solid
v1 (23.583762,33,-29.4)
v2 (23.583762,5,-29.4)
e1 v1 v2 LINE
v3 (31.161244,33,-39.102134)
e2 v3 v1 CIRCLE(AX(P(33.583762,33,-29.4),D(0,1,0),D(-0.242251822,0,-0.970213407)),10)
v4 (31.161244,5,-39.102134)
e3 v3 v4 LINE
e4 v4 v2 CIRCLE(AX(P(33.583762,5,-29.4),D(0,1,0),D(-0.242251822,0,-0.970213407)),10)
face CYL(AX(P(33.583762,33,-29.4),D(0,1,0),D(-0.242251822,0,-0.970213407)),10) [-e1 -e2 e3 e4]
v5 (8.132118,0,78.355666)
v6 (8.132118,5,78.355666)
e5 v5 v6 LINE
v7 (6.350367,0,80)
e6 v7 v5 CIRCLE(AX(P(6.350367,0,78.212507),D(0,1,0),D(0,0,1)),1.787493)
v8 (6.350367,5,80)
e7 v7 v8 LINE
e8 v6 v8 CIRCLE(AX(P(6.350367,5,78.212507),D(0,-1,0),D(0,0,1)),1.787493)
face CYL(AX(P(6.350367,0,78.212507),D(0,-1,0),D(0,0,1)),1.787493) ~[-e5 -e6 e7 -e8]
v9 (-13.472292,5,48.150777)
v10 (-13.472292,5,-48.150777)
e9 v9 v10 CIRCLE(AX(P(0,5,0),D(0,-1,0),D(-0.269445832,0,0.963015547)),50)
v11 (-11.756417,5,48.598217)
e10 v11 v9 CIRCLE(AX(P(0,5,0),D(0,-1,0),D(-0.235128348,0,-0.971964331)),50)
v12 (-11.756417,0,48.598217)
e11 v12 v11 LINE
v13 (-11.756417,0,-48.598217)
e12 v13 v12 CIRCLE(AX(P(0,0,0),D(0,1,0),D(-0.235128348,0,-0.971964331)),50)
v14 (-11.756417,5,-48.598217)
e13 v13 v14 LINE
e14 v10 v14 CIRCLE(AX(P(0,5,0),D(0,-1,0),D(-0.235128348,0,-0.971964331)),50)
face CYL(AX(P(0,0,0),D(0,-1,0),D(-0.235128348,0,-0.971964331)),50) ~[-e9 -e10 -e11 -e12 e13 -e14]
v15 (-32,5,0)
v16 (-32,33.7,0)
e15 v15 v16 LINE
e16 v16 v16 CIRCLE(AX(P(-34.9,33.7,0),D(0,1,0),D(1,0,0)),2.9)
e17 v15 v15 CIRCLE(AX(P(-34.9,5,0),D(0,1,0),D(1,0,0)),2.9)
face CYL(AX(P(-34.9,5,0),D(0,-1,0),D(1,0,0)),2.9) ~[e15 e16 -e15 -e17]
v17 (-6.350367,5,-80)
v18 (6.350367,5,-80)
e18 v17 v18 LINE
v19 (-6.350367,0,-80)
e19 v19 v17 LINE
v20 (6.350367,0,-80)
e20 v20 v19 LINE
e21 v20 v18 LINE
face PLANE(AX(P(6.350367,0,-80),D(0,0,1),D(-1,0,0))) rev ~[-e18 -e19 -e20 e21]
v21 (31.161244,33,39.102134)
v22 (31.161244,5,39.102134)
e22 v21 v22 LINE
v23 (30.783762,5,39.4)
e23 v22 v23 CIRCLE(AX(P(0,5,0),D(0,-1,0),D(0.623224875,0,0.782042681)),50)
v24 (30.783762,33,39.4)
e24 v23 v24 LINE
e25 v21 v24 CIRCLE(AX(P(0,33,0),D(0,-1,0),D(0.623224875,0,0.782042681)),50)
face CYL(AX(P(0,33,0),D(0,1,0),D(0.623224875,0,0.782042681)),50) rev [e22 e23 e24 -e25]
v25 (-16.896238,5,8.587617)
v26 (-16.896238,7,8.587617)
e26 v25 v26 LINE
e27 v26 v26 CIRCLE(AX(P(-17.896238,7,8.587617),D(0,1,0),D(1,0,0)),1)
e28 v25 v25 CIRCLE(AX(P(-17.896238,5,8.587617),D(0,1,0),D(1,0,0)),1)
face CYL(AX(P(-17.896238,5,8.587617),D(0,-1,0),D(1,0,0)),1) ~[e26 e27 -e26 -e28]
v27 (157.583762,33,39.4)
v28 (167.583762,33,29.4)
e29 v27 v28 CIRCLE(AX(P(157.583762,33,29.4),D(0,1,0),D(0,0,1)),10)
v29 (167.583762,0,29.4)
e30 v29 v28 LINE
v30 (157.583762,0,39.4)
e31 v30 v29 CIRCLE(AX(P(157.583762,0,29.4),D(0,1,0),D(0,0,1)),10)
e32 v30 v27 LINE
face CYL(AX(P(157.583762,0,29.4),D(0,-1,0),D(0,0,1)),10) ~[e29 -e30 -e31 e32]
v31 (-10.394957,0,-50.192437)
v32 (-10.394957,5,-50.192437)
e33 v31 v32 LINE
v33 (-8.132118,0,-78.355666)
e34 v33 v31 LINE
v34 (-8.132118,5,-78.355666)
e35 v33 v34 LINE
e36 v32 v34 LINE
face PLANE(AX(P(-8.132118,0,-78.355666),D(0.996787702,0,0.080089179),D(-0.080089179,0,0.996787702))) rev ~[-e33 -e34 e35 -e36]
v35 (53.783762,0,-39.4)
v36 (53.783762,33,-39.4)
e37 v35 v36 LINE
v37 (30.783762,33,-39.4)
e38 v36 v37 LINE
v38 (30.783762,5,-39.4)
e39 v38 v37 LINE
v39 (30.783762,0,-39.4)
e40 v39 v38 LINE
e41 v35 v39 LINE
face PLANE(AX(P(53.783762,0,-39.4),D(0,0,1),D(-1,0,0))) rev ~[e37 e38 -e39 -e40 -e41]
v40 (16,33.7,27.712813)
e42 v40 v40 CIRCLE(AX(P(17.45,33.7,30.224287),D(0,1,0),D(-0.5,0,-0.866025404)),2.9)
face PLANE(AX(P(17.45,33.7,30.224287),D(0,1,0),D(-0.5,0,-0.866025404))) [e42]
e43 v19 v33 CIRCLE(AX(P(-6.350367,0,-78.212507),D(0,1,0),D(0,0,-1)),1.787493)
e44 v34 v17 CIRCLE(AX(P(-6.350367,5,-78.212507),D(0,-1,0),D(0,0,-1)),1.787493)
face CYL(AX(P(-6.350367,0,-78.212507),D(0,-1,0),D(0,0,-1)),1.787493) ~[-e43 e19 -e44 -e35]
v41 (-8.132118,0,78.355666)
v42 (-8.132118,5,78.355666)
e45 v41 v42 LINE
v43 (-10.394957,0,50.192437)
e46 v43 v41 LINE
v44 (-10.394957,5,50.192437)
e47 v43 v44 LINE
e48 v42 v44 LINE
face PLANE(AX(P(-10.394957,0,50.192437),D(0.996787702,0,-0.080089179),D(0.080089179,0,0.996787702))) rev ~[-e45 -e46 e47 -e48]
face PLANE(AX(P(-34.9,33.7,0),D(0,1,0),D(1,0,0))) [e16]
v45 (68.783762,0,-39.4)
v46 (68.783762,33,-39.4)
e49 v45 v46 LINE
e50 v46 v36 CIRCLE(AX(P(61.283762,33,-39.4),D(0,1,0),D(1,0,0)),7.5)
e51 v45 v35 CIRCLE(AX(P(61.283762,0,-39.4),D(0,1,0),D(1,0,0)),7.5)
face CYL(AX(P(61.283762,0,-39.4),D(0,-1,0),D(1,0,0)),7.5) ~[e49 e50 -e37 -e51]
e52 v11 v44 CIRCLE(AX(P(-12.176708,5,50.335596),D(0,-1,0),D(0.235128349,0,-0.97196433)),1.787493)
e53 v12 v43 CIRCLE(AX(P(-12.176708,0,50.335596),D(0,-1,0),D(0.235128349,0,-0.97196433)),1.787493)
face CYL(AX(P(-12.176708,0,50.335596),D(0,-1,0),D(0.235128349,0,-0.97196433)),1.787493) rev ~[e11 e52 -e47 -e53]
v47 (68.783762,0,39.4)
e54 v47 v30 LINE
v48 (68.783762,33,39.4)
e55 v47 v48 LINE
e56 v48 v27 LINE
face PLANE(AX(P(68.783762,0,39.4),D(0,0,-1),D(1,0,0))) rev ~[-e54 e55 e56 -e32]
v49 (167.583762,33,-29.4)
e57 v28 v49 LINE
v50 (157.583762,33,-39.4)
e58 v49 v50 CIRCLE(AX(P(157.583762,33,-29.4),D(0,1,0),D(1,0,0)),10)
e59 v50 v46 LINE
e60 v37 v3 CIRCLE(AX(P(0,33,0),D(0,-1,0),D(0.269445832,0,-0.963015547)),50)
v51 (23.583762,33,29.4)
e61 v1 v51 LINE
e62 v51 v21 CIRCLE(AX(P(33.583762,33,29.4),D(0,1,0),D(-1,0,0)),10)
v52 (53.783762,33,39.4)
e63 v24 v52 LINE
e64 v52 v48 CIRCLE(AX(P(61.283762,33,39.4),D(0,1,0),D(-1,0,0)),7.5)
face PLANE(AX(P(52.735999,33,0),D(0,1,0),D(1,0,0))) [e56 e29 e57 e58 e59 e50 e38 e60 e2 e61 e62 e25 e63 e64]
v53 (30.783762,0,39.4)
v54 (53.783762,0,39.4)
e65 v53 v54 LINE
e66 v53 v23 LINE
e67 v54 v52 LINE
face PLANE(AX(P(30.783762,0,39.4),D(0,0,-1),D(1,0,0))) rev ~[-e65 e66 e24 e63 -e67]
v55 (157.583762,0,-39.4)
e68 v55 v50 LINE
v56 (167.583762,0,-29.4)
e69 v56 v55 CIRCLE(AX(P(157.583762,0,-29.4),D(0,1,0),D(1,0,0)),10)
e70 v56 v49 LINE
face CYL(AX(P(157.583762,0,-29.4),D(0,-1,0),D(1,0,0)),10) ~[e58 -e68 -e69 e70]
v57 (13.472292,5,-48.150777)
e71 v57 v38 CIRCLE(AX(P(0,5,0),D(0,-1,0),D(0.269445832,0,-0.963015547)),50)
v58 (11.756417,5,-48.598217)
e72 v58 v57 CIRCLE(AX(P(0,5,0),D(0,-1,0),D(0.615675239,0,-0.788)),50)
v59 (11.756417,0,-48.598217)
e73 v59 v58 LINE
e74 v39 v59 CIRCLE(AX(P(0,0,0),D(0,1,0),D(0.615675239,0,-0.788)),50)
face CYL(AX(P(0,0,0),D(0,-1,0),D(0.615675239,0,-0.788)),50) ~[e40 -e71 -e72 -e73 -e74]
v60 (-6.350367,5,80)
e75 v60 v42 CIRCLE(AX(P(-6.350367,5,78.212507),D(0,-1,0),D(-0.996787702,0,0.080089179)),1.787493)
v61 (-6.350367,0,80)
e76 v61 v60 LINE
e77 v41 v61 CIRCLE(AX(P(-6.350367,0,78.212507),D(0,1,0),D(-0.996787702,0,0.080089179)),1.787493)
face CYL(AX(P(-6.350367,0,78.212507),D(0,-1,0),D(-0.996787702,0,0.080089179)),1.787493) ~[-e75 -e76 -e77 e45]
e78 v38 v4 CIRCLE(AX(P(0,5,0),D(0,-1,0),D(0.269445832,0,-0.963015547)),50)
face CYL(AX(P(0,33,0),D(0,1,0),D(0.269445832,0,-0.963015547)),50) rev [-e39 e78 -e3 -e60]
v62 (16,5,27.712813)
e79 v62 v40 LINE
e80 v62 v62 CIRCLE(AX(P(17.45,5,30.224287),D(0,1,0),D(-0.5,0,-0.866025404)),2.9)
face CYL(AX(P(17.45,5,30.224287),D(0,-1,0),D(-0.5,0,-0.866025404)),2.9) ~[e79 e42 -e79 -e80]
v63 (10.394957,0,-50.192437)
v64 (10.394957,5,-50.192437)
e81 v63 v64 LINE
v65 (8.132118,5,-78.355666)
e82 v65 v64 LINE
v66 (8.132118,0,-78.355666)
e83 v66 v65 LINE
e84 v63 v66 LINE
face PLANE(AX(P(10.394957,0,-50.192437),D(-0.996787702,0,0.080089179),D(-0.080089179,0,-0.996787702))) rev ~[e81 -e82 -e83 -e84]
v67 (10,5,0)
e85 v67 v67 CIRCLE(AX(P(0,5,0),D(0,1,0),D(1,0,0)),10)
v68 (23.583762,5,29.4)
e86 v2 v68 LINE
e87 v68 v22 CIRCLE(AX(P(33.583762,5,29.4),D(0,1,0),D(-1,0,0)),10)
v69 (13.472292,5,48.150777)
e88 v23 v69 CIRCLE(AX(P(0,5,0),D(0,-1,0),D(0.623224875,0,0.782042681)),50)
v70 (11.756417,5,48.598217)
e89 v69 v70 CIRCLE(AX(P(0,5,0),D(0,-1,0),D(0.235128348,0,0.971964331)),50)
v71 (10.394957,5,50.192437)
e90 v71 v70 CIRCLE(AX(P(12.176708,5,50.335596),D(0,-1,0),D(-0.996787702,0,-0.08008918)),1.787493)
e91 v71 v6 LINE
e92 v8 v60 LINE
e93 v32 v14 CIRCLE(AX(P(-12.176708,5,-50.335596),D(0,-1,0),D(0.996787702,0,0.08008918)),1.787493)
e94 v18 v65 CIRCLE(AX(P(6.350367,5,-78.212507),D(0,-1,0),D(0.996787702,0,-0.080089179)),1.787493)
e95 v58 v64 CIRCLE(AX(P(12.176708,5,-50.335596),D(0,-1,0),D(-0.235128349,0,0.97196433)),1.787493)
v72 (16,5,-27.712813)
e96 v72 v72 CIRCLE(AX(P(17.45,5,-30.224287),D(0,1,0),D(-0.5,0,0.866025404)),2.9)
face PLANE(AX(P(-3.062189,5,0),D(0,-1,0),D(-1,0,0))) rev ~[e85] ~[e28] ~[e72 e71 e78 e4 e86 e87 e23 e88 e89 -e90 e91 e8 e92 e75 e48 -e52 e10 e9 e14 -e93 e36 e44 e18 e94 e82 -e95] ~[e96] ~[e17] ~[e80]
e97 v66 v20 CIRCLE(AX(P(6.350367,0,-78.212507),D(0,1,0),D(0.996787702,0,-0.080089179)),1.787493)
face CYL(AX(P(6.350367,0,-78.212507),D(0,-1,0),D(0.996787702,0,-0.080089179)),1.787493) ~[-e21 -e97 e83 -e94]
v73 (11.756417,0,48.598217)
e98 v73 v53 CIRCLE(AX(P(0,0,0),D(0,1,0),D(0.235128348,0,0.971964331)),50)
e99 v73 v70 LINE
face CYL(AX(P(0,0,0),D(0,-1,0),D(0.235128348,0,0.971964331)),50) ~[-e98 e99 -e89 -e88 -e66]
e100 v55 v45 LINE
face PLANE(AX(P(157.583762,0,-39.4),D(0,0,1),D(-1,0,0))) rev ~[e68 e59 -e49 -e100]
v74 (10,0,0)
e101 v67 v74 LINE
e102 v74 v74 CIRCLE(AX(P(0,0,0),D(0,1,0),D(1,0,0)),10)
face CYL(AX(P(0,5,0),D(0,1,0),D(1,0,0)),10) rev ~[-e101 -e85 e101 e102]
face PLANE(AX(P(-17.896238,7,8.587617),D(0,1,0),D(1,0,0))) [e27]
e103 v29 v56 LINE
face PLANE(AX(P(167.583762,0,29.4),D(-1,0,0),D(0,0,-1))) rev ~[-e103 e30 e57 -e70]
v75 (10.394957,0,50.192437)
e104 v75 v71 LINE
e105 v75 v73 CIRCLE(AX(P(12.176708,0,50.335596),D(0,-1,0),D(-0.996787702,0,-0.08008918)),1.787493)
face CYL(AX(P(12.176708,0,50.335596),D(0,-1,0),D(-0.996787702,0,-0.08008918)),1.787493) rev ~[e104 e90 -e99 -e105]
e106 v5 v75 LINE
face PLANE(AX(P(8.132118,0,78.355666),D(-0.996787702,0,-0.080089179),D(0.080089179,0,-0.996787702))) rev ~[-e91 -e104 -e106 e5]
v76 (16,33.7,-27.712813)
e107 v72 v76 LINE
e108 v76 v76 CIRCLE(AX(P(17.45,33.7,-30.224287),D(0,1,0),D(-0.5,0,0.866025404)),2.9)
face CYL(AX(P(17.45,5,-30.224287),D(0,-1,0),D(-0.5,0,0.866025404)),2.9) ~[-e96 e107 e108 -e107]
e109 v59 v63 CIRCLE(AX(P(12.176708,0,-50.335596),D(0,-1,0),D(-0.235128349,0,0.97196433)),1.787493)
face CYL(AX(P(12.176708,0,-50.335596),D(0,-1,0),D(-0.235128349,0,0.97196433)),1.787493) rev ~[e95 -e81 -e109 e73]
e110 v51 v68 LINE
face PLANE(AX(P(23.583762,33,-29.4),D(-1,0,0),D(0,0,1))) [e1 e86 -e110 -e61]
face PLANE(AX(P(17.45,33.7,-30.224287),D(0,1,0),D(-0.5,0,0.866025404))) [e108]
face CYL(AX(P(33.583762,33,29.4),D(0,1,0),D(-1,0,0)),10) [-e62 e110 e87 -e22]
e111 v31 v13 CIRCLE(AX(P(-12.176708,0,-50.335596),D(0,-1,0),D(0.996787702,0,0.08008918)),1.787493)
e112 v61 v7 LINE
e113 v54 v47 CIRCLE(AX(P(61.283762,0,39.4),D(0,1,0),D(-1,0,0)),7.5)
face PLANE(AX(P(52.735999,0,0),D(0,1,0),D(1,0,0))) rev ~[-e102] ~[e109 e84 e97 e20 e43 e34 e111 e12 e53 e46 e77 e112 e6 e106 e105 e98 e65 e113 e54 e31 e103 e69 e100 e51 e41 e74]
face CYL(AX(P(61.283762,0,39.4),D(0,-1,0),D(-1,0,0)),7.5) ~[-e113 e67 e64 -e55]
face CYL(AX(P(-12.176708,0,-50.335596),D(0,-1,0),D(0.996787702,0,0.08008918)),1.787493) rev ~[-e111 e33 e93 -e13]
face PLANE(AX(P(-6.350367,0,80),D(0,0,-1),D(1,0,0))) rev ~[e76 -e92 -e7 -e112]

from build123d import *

# Parameters (mm, degrees)
BOSS_EXTRUDE2_DEPTH = 33
CUT_EXTRUDE1_DEPTH  = 28
SKETCH3_R           = 10
CUT_EXTRUDE2_DEPTH  = 6
SKETCH5_R           = 2.9
BOSS_EXTRUDE3_DEPTH = 28.7
CIRPATTERN1_COUNT   = 3
SKETCH6_R           = 1
BOSS_EXTRUDE4_DEPTH = 2


with BuildPart() as part:
    # Sketch1 → Boss-Extrude2 (new body)
    with BuildSketch(Plane(origin=(0, 0, 0), x_dir=(1, 0, 0), z_dir=(0, 1, 0))):
        with BuildLine():
            Line((68.783761953, -39.4), (157.583761953, -39.4))
            ThreePointArc((157.583761953, -39.4), (164.654829765, -36.471067812), (167.583761953, -29.4))
            Line((167.583761953, -29.4), (167.583761953, 29.4))
            ThreePointArc((167.583761953, 29.4), (164.654829765, 36.471067812), (157.583761953, 39.4))
            Line((157.583761953, 39.4), (68.783761953, 39.4))
            ThreePointArc((68.783761953, 39.4), (61.283761953, 46.9), (53.783761953, 39.4))
            Line((53.783761953, 39.4), (30.783761953, 39.4))
            ThreePointArc((30.783761953, 39.4), (21.761629353, 45.015902611), (11.75641742, 48.598216525))
            ThreePointArc((11.75641742, 48.598216525), (10.817431593, 49.174777372), (10.394956543, 50.192437248))
            Line((10.394956543, 50.192437248), (8.132117785, 78.35566571))
            ThreePointArc((8.132117785, 78.35566571), (7.562644675, 79.526094921), (6.350366597, 80))
            Line((6.350366597, 80), (-6.350366597, 80))
            ThreePointArc((-6.350366597, 80), (-7.562644675, 79.526094921), (-8.132117785, 78.35566571))
            Line((-8.132117785, 78.35566571), (-10.394956543, 50.192437248))
            ThreePointArc((-10.394956543, 50.192437248), (-10.817431593, 49.174777372), (-11.75641742, 48.598216525))
            ThreePointArc((-11.75641742, 48.598216525), (-50, 0), (-11.75641742, -48.598216525))
            ThreePointArc((-11.75641742, -48.598216525), (-10.817431593, -49.174777372), (-10.394956543, -50.192437248))
            Line((-10.394956543, -50.192437248), (-8.132117785, -78.35566571))
            ThreePointArc((-8.132117785, -78.35566571), (-7.562644675, -79.526094921), (-6.350366597, -80))
            Line((-6.350366597, -80), (6.350366597, -80))
            ThreePointArc((6.350366597, -80), (7.562644675, -79.526094921), (8.132117785, -78.35566571))
            Line((8.132117785, -78.35566571), (10.394956543, -50.192437248))
            ThreePointArc((10.394956543, -50.192437248), (10.817431593, -49.174777372), (11.75641742, -48.598216525))
            ThreePointArc((11.75641742, -48.598216525), (21.761629353, -45.015902611), (30.783761953, -39.4))
            Line((30.783761953, -39.4), (53.783761953, -39.4))
            ThreePointArc((53.783761953, -39.4), (61.283761953, -46.9), (68.783761953, -39.4))
        make_face()
    extrude(amount=BOSS_EXTRUDE2_DEPTH)

    # Sketch2 → Cut-Extrude1 (cut)
    with BuildSketch(Plane(origin=(0, 33, 0), x_dir=(1, 0, 0), z_dir=(0, 1, 0))):
        with BuildLine():
            Line((23.583761953, 29.4), (23.583761953, -29.4))
            ThreePointArc((23.583761953, -29.4), (25.702607781, -35.555274886), (31.161243737, -39.102134069))
            ThreePointArc((31.161243737, -39.102134069), (22.770762082, -44.513957297), (13.472291615, -48.150777342))
            Line((13.472291615, -48.150777342), (13.472291615, -85.250601705))
            Line((13.472291615, -85.250601705), (-13.472291615, -85.250601705))
            Line((-13.472291615, -85.250601705), (-13.472291615, -48.150777342))
            ThreePointArc((-13.472291615, -48.150777342), (-50, 0), (-13.472291615, 48.150777342))
            Line((-13.472291615, 48.150777342), (-13.472291615, 85.250601705))
            Line((-13.472291615, 85.250601705), (13.472291615, 85.250601705))
            Line((13.472291615, 85.250601705), (13.472291615, 48.150777342))
            ThreePointArc((13.472291615, 48.150777342), (22.770762082, 44.513957297), (31.161243737, 39.102134069))
            ThreePointArc((31.161243737, 39.102134069), (25.702607781, 35.555274886), (23.583761953, 29.4))
        make_face()
    extrude(amount=-CUT_EXTRUDE1_DEPTH, mode=Mode.SUBTRACT)

    # Sketch3 → Cut-Extrude2 (cut, through all)
    with BuildSketch(Plane(origin=(0, 5, 0), x_dir=(1, 0, 0), z_dir=(0, 1, 0))):
        Circle(SKETCH3_R)
    extrude(amount=-CUT_EXTRUDE2_DEPTH, mode=Mode.SUBTRACT)

    # Sketch5 → Boss-Extrude3 (add)
    with BuildSketch(Plane(origin=(0, 5, 0), x_dir=(1, 0, 0), z_dir=(0, 1, 0))):
        with Locations((-34.9, 0)):
            Circle(SKETCH5_R)
    boss_extrude3 = extrude(amount=BOSS_EXTRUDE3_DEPTH)

    # CirPattern1: Boss-Extrude3 ×3 about axis
    cirpattern1_axis = Axis((0, 0, 0), (0, 1, 0))
    for i in range(1, CIRPATTERN1_COUNT):
        add(boss_extrude3.rotate(cirpattern1_axis, i * 360 / CIRPATTERN1_COUNT))

    # Sketch6 → Boss-Extrude4 (add)
    with BuildSketch(Plane(origin=(0, 5, 0), x_dir=(1, 0, 0), z_dir=(0, 1, 0))):
        with Locations((-17.896238047, -8.587616886)):
            Circle(SKETCH6_R)
    extrude(amount=BOSS_EXTRUDE4_DEPTH)


solid = part.part
